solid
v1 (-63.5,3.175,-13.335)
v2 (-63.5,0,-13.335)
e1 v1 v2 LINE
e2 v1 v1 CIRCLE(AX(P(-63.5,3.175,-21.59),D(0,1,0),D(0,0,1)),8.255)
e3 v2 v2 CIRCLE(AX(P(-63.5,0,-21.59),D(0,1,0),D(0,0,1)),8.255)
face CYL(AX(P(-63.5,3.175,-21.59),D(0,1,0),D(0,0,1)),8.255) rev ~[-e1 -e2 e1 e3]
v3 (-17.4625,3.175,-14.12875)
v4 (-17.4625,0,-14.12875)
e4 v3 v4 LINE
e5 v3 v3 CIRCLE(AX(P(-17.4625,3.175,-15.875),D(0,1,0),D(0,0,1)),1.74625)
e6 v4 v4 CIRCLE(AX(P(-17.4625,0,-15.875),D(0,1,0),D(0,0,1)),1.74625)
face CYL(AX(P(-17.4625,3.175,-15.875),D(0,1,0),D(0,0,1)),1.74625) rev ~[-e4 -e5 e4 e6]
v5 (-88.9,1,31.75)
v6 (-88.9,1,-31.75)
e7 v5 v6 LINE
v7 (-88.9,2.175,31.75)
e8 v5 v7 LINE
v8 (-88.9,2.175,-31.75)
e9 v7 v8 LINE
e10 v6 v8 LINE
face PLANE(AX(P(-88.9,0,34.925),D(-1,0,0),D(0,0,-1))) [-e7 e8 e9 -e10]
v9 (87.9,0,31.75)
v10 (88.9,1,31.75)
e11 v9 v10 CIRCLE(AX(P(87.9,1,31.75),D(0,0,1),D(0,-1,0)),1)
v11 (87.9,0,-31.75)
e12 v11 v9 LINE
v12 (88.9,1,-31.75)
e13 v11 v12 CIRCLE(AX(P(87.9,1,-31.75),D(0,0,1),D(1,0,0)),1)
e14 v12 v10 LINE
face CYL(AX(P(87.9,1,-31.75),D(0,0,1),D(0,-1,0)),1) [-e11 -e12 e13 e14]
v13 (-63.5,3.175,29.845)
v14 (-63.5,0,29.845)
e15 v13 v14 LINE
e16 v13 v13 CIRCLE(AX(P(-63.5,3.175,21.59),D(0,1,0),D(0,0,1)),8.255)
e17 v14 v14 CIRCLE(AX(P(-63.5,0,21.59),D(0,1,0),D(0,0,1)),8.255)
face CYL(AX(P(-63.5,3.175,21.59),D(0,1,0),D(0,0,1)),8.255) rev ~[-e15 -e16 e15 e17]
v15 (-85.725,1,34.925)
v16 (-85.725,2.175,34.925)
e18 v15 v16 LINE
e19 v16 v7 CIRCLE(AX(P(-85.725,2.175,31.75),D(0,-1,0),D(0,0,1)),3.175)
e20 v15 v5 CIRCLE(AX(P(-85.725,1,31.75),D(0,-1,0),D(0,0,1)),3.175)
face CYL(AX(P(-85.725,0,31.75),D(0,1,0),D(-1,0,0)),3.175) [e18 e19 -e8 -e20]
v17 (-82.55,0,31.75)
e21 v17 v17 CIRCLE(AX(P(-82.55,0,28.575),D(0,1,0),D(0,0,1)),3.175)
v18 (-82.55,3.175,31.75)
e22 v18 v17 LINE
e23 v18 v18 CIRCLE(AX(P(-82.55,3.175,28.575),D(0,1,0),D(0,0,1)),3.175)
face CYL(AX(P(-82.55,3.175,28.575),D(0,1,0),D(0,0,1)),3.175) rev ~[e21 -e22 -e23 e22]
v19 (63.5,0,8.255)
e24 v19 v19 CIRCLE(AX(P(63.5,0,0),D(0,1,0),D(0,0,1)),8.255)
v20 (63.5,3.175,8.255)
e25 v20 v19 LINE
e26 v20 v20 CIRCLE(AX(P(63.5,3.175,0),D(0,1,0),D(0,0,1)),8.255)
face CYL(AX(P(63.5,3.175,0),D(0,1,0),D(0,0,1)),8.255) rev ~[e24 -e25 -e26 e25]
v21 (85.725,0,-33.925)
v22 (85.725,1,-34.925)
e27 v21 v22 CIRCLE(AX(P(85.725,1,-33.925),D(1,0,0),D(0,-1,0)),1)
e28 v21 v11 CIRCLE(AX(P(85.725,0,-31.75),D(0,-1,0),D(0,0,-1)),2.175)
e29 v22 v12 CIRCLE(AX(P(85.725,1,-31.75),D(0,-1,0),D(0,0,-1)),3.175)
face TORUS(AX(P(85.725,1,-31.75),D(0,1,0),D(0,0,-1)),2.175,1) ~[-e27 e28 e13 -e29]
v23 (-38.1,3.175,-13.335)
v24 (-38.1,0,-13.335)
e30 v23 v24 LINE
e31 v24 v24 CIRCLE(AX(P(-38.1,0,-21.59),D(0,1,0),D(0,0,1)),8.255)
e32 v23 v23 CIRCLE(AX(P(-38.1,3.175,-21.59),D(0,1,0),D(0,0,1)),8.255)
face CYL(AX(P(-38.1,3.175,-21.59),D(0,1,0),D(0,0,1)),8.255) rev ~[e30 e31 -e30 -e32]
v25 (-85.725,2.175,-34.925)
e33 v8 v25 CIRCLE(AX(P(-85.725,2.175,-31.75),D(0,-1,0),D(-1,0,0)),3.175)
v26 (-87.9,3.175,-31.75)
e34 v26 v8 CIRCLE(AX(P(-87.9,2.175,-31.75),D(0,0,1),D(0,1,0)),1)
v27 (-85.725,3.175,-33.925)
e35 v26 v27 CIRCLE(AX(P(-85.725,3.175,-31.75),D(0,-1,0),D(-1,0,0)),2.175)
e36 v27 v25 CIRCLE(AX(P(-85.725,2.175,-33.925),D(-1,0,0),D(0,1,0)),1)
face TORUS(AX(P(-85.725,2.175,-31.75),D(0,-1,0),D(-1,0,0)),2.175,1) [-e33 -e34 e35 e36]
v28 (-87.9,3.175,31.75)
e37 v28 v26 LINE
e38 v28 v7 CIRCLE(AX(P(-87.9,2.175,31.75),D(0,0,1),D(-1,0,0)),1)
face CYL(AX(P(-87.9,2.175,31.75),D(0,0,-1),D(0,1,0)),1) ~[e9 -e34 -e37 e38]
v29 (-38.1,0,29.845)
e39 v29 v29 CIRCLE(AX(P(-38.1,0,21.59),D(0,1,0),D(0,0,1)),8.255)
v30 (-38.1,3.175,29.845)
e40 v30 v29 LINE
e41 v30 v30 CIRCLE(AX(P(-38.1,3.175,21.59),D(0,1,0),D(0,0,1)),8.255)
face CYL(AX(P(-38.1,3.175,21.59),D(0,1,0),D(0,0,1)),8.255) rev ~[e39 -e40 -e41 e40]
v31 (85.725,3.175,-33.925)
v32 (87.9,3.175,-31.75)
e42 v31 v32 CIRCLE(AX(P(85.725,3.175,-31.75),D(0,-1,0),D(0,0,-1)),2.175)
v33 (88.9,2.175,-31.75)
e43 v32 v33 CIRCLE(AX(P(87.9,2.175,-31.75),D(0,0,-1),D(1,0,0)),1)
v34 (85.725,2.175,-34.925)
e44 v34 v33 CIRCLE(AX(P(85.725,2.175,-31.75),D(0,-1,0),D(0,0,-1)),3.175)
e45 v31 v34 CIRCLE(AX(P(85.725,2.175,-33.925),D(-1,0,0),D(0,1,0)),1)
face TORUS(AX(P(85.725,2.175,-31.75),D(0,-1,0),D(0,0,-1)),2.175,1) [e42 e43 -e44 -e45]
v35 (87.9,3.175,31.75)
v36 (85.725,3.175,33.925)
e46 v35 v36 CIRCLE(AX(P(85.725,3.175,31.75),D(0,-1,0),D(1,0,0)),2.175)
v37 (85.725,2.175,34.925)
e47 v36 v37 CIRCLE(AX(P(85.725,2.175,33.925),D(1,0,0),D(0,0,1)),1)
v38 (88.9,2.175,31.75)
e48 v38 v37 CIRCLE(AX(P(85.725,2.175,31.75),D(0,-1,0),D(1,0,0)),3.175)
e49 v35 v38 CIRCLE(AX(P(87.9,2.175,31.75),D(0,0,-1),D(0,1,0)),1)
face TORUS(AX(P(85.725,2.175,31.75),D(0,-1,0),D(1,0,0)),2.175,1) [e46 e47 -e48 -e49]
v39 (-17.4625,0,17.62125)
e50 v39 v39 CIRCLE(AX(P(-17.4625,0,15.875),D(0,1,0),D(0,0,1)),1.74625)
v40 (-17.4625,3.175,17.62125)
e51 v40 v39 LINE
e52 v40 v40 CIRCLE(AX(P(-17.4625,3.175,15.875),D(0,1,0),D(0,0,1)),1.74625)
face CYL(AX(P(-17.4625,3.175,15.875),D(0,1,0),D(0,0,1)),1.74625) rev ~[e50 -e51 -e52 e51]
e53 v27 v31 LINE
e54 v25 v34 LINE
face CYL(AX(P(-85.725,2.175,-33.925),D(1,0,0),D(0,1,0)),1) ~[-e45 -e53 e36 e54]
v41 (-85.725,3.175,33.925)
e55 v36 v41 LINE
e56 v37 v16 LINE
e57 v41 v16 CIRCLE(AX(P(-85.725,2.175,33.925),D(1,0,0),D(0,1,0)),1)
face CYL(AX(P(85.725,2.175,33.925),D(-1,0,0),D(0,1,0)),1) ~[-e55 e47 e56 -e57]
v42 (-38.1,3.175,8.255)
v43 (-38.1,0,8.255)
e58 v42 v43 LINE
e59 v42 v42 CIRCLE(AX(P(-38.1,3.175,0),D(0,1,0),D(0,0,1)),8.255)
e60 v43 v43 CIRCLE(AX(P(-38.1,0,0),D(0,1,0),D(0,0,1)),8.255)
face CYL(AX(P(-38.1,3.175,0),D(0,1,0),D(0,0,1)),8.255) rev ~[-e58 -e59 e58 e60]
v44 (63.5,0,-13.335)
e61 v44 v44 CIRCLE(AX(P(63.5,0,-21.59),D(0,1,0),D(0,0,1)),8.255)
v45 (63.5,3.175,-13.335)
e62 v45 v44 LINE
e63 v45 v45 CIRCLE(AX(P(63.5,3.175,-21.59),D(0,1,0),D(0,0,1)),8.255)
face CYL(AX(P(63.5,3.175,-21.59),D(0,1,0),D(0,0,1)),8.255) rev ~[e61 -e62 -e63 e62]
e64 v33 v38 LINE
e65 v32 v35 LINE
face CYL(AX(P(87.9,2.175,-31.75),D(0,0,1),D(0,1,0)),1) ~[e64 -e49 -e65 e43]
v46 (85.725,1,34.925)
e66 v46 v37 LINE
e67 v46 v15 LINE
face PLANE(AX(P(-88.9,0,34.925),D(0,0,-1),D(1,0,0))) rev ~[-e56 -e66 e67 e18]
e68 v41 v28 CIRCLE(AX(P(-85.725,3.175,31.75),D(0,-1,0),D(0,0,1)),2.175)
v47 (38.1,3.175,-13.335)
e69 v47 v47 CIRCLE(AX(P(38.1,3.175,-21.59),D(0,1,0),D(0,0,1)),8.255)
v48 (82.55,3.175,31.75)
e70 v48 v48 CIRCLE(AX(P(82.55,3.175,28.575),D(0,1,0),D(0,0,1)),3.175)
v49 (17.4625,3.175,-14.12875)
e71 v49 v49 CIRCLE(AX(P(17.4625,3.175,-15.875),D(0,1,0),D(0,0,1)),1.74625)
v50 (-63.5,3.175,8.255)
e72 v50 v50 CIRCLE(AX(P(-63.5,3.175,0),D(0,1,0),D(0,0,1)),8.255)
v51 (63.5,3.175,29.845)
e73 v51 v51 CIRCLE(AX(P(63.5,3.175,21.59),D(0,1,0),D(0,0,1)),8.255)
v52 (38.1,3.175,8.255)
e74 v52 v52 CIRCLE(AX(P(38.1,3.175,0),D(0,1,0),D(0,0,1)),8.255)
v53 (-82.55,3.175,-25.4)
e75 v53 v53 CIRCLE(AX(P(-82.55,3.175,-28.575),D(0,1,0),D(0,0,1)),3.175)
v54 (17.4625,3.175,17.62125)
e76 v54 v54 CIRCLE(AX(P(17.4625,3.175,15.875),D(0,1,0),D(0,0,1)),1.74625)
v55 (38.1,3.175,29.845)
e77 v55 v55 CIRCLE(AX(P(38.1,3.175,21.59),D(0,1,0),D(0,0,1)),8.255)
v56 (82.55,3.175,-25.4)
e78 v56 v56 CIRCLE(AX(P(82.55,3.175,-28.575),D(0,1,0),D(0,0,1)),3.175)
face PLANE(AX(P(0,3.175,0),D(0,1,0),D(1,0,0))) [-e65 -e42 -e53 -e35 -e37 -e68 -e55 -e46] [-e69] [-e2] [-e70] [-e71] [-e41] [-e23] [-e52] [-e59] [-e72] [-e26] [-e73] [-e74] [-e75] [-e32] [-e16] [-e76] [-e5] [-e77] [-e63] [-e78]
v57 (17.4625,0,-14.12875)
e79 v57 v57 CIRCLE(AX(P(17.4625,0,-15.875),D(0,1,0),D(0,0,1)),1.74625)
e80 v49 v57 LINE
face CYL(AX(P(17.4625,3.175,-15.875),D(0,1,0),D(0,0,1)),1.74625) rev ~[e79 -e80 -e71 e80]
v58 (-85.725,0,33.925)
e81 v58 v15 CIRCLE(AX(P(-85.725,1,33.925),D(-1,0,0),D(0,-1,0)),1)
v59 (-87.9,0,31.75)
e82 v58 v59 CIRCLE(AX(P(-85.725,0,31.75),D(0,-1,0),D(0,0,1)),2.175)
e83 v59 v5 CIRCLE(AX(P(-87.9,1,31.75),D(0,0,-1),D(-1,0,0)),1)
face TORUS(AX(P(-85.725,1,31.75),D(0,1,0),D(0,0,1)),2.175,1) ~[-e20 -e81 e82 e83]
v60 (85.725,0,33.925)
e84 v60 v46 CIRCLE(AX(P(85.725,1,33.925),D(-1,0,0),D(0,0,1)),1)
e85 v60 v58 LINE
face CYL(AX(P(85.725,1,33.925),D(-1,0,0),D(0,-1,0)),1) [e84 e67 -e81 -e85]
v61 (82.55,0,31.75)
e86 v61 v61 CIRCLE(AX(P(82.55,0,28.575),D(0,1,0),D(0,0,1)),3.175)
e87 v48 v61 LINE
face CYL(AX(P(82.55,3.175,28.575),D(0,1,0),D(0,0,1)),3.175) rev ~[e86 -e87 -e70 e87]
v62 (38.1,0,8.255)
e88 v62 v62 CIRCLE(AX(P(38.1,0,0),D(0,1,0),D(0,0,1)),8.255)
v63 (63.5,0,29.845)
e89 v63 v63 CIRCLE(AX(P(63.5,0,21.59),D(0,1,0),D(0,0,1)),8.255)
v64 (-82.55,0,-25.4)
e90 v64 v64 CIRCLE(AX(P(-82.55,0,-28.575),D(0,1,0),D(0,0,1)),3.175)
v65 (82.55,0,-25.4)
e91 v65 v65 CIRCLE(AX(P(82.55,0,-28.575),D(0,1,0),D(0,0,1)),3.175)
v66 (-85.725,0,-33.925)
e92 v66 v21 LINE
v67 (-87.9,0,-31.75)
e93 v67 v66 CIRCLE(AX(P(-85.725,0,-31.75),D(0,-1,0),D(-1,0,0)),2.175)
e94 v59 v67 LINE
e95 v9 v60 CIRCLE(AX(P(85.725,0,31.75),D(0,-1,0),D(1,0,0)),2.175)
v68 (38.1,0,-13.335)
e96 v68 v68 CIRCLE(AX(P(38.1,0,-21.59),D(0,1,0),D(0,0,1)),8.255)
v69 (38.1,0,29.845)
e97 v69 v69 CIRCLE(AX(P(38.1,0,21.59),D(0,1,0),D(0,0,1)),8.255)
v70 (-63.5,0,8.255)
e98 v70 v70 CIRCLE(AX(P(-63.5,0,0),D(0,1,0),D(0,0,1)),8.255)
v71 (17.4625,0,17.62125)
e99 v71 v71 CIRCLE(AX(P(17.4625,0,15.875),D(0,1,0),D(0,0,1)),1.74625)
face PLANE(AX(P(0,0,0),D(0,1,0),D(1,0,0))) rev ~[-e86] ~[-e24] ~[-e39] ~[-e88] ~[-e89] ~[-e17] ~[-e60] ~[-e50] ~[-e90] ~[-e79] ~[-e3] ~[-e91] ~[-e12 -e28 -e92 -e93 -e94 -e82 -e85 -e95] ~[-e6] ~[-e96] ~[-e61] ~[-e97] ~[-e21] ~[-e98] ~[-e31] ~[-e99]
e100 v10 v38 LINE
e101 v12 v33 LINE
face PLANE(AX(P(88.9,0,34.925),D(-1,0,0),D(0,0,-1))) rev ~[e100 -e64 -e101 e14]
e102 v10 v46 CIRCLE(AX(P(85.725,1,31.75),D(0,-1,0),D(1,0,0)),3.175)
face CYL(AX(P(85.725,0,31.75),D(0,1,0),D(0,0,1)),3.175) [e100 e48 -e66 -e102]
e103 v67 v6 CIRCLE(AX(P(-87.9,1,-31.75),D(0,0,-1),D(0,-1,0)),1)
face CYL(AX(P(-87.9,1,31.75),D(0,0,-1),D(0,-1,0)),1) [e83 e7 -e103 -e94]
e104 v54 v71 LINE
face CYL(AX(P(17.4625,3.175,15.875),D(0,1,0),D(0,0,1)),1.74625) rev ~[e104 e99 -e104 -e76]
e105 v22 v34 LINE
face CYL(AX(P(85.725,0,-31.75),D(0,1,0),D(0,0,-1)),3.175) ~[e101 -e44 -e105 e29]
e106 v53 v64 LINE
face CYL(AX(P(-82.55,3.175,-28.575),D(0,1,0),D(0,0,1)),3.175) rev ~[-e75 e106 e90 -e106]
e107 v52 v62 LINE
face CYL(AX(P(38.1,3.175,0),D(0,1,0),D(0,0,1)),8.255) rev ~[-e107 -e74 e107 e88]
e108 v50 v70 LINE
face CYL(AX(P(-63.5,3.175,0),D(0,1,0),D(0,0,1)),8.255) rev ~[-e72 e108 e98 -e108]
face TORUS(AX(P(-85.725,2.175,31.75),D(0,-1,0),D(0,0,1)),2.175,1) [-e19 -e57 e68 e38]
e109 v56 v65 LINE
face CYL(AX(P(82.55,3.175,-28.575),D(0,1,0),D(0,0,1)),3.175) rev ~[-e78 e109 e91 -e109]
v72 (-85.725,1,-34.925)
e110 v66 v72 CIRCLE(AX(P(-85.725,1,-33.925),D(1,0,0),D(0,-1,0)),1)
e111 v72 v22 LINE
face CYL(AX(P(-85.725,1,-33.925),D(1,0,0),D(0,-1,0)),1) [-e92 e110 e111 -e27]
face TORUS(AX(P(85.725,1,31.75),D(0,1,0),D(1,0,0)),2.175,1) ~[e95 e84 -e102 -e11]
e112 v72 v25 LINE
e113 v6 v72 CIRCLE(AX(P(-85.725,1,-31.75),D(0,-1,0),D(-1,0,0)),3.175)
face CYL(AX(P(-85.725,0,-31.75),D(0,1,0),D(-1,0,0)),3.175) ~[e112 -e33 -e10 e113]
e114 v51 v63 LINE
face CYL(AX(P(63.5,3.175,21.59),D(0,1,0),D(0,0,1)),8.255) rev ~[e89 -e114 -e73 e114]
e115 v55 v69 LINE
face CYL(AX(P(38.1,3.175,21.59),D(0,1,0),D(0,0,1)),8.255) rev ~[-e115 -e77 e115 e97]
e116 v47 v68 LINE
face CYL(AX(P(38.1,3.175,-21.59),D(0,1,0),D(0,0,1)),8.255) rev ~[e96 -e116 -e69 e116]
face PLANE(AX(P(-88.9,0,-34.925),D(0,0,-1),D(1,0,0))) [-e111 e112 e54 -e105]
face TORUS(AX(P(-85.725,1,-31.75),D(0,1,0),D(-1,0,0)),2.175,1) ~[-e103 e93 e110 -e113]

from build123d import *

# Parameters (mm, degrees)
SKETCH1_W           = 177.8
SKETCH1_H           = 69.85
BOSS_EXTRUDE1_DEPTH = 3.175
SKETCH2_R           = 3.175
CUT_EXTRUDE1_DEPTH  = 96.56697259
FILLET1_R           = 3.175
FILLET2_R           = 1.000000032
SKETCH3_R           = 1.74625
SKETCH3_R_2         = 8.255
CUT_EXTRUDE2_DEPTH  = 96.56697259


with BuildPart() as part:
    # Sketch1 → Boss-Extrude1 (new body)
    with BuildSketch(Plane(origin=(0, 0, 0), x_dir=(1, 0, 0), z_dir=(0, 1, 0))):
        Rectangle(SKETCH1_W, SKETCH1_H)
    extrude(amount=BOSS_EXTRUDE1_DEPTH)

    # Sketch2 → Cut-Extrude1 (cut, through all)
    with BuildSketch(Plane(origin=(0, 3.175, 0), x_dir=(1, 0, 0), z_dir=(0, 1, 0))):
        with Locations(Location((-82.55, 28.575, 0), (0, 0, 270))):
            Circle(SKETCH2_R)
        with Locations(Location((-82.55, -28.575, 0), (0, 0, 270))):
            Circle(SKETCH2_R)
        with Locations(Location((82.55, 28.575, 0), (0, 0, 270))):
            Circle(SKETCH2_R)
        with Locations(Location((82.55, -28.575, 0), (0, 0, 270))):
            Circle(SKETCH2_R)
    extrude(amount=-CUT_EXTRUDE1_DEPTH, mode=Mode.SUBTRACT)

    # Fillet1
    fillet1_edges = [part.edges().sort_by_distance(p)[0] for p in [
        (88.9, 1.5875, 34.925),
        (-88.9, 1.5875, 34.925),
        (-88.9, 1.5875, -34.925),
        (88.9, 1.5875, -34.925),
    ]]
    fillet(fillet1_edges, radius=FILLET1_R)

    # Fillet2
    fillet2_edges = [part.edges().sort_by_distance(p)[0] for p in [
        (0, 0, -34.925),
        (0, 3.175, -34.925),
        (88.9, 0, 0),
        (0, 0, 34.925),
        (-88.9, 0, 0),
        (-87.97006403, 0, 33.99506403),
        (-87.97006403, 0, -33.99506403),
        (87.97006403, 0, 33.99506403),
        (87.97006403, 0, -33.99506403),
        (88.9, 3.175, 0),
        (-88.9, 3.175, 0),
        (0, 3.175, 34.925),
        (-87.97006403, 3.175, 33.99506403),
        (-87.97006403, 3.175, -33.99506403),
        (87.97006403, 3.175, 33.99506403),
        (87.97006403, 3.175, -33.99506403),
    ]]
    fillet(fillet2_edges, radius=FILLET2_R)

    # Sketch3 → Cut-Extrude2 (cut, through all)
    with BuildSketch(Plane(origin=(0, 3.175, 0), x_dir=(1, 0, 0), z_dir=(0, 1, 0))):
        with Locations(Location((17.4625, 15.875, 0), (0, 0, 270))):
            Circle(SKETCH3_R)
        with Locations(Location((17.4625, -15.875, 0), (0, 0, 270))):
            Circle(SKETCH3_R)
        with Locations(Location((-17.4625, -15.875, 0), (0, 0, 270))):
            Circle(SKETCH3_R)
        with Locations(Location((-17.4625, 15.875, 0), (0, 0, 270))):
            Circle(SKETCH3_R)
        with Locations(Location((-63.5, 21.59, 0), (0, 0, 270))):
            Circle(SKETCH3_R_2)
        with Locations(Location((-38.1, 21.59, 0), (0, 0, 270))):
            Circle(SKETCH3_R_2)
        with Locations(Location((-38.1, 0, 0), (0, 0, 270))):
            Circle(SKETCH3_R_2)
        with Locations(Location((-63.5, 0, 0), (0, 0, 270))):
            Circle(SKETCH3_R_2)
        with Locations(Location((-38.1, -21.59, 0), (0, 0, 270))):
            Circle(SKETCH3_R_2)
        with Locations(Location((-63.5, -21.59, 0), (0, 0, 270))):
            Circle(SKETCH3_R_2)
        with Locations(Location((38.1, -21.59, 0), (0, 0, 270))):
            Circle(SKETCH3_R_2)
        with Locations(Location((63.5, -21.59, 0), (0, 0, 270))):
            Circle(SKETCH3_R_2)
        with Locations(Location((38.1, 0, 0), (0, 0, 270))):
            Circle(SKETCH3_R_2)
        with Locations(Location((63.5, 0, 0), (0, 0, 270))):
            Circle(SKETCH3_R_2)
        with Locations(Location((38.1, 21.59, 0), (0, 0, 270))):
            Circle(SKETCH3_R_2)
        with Locations(Location((63.5, 21.59, 0), (0, 0, 270))):
            Circle(SKETCH3_R_2)
    extrude(amount=-CUT_EXTRUDE2_DEPTH, mode=Mode.SUBTRACT)


solid = part.part
